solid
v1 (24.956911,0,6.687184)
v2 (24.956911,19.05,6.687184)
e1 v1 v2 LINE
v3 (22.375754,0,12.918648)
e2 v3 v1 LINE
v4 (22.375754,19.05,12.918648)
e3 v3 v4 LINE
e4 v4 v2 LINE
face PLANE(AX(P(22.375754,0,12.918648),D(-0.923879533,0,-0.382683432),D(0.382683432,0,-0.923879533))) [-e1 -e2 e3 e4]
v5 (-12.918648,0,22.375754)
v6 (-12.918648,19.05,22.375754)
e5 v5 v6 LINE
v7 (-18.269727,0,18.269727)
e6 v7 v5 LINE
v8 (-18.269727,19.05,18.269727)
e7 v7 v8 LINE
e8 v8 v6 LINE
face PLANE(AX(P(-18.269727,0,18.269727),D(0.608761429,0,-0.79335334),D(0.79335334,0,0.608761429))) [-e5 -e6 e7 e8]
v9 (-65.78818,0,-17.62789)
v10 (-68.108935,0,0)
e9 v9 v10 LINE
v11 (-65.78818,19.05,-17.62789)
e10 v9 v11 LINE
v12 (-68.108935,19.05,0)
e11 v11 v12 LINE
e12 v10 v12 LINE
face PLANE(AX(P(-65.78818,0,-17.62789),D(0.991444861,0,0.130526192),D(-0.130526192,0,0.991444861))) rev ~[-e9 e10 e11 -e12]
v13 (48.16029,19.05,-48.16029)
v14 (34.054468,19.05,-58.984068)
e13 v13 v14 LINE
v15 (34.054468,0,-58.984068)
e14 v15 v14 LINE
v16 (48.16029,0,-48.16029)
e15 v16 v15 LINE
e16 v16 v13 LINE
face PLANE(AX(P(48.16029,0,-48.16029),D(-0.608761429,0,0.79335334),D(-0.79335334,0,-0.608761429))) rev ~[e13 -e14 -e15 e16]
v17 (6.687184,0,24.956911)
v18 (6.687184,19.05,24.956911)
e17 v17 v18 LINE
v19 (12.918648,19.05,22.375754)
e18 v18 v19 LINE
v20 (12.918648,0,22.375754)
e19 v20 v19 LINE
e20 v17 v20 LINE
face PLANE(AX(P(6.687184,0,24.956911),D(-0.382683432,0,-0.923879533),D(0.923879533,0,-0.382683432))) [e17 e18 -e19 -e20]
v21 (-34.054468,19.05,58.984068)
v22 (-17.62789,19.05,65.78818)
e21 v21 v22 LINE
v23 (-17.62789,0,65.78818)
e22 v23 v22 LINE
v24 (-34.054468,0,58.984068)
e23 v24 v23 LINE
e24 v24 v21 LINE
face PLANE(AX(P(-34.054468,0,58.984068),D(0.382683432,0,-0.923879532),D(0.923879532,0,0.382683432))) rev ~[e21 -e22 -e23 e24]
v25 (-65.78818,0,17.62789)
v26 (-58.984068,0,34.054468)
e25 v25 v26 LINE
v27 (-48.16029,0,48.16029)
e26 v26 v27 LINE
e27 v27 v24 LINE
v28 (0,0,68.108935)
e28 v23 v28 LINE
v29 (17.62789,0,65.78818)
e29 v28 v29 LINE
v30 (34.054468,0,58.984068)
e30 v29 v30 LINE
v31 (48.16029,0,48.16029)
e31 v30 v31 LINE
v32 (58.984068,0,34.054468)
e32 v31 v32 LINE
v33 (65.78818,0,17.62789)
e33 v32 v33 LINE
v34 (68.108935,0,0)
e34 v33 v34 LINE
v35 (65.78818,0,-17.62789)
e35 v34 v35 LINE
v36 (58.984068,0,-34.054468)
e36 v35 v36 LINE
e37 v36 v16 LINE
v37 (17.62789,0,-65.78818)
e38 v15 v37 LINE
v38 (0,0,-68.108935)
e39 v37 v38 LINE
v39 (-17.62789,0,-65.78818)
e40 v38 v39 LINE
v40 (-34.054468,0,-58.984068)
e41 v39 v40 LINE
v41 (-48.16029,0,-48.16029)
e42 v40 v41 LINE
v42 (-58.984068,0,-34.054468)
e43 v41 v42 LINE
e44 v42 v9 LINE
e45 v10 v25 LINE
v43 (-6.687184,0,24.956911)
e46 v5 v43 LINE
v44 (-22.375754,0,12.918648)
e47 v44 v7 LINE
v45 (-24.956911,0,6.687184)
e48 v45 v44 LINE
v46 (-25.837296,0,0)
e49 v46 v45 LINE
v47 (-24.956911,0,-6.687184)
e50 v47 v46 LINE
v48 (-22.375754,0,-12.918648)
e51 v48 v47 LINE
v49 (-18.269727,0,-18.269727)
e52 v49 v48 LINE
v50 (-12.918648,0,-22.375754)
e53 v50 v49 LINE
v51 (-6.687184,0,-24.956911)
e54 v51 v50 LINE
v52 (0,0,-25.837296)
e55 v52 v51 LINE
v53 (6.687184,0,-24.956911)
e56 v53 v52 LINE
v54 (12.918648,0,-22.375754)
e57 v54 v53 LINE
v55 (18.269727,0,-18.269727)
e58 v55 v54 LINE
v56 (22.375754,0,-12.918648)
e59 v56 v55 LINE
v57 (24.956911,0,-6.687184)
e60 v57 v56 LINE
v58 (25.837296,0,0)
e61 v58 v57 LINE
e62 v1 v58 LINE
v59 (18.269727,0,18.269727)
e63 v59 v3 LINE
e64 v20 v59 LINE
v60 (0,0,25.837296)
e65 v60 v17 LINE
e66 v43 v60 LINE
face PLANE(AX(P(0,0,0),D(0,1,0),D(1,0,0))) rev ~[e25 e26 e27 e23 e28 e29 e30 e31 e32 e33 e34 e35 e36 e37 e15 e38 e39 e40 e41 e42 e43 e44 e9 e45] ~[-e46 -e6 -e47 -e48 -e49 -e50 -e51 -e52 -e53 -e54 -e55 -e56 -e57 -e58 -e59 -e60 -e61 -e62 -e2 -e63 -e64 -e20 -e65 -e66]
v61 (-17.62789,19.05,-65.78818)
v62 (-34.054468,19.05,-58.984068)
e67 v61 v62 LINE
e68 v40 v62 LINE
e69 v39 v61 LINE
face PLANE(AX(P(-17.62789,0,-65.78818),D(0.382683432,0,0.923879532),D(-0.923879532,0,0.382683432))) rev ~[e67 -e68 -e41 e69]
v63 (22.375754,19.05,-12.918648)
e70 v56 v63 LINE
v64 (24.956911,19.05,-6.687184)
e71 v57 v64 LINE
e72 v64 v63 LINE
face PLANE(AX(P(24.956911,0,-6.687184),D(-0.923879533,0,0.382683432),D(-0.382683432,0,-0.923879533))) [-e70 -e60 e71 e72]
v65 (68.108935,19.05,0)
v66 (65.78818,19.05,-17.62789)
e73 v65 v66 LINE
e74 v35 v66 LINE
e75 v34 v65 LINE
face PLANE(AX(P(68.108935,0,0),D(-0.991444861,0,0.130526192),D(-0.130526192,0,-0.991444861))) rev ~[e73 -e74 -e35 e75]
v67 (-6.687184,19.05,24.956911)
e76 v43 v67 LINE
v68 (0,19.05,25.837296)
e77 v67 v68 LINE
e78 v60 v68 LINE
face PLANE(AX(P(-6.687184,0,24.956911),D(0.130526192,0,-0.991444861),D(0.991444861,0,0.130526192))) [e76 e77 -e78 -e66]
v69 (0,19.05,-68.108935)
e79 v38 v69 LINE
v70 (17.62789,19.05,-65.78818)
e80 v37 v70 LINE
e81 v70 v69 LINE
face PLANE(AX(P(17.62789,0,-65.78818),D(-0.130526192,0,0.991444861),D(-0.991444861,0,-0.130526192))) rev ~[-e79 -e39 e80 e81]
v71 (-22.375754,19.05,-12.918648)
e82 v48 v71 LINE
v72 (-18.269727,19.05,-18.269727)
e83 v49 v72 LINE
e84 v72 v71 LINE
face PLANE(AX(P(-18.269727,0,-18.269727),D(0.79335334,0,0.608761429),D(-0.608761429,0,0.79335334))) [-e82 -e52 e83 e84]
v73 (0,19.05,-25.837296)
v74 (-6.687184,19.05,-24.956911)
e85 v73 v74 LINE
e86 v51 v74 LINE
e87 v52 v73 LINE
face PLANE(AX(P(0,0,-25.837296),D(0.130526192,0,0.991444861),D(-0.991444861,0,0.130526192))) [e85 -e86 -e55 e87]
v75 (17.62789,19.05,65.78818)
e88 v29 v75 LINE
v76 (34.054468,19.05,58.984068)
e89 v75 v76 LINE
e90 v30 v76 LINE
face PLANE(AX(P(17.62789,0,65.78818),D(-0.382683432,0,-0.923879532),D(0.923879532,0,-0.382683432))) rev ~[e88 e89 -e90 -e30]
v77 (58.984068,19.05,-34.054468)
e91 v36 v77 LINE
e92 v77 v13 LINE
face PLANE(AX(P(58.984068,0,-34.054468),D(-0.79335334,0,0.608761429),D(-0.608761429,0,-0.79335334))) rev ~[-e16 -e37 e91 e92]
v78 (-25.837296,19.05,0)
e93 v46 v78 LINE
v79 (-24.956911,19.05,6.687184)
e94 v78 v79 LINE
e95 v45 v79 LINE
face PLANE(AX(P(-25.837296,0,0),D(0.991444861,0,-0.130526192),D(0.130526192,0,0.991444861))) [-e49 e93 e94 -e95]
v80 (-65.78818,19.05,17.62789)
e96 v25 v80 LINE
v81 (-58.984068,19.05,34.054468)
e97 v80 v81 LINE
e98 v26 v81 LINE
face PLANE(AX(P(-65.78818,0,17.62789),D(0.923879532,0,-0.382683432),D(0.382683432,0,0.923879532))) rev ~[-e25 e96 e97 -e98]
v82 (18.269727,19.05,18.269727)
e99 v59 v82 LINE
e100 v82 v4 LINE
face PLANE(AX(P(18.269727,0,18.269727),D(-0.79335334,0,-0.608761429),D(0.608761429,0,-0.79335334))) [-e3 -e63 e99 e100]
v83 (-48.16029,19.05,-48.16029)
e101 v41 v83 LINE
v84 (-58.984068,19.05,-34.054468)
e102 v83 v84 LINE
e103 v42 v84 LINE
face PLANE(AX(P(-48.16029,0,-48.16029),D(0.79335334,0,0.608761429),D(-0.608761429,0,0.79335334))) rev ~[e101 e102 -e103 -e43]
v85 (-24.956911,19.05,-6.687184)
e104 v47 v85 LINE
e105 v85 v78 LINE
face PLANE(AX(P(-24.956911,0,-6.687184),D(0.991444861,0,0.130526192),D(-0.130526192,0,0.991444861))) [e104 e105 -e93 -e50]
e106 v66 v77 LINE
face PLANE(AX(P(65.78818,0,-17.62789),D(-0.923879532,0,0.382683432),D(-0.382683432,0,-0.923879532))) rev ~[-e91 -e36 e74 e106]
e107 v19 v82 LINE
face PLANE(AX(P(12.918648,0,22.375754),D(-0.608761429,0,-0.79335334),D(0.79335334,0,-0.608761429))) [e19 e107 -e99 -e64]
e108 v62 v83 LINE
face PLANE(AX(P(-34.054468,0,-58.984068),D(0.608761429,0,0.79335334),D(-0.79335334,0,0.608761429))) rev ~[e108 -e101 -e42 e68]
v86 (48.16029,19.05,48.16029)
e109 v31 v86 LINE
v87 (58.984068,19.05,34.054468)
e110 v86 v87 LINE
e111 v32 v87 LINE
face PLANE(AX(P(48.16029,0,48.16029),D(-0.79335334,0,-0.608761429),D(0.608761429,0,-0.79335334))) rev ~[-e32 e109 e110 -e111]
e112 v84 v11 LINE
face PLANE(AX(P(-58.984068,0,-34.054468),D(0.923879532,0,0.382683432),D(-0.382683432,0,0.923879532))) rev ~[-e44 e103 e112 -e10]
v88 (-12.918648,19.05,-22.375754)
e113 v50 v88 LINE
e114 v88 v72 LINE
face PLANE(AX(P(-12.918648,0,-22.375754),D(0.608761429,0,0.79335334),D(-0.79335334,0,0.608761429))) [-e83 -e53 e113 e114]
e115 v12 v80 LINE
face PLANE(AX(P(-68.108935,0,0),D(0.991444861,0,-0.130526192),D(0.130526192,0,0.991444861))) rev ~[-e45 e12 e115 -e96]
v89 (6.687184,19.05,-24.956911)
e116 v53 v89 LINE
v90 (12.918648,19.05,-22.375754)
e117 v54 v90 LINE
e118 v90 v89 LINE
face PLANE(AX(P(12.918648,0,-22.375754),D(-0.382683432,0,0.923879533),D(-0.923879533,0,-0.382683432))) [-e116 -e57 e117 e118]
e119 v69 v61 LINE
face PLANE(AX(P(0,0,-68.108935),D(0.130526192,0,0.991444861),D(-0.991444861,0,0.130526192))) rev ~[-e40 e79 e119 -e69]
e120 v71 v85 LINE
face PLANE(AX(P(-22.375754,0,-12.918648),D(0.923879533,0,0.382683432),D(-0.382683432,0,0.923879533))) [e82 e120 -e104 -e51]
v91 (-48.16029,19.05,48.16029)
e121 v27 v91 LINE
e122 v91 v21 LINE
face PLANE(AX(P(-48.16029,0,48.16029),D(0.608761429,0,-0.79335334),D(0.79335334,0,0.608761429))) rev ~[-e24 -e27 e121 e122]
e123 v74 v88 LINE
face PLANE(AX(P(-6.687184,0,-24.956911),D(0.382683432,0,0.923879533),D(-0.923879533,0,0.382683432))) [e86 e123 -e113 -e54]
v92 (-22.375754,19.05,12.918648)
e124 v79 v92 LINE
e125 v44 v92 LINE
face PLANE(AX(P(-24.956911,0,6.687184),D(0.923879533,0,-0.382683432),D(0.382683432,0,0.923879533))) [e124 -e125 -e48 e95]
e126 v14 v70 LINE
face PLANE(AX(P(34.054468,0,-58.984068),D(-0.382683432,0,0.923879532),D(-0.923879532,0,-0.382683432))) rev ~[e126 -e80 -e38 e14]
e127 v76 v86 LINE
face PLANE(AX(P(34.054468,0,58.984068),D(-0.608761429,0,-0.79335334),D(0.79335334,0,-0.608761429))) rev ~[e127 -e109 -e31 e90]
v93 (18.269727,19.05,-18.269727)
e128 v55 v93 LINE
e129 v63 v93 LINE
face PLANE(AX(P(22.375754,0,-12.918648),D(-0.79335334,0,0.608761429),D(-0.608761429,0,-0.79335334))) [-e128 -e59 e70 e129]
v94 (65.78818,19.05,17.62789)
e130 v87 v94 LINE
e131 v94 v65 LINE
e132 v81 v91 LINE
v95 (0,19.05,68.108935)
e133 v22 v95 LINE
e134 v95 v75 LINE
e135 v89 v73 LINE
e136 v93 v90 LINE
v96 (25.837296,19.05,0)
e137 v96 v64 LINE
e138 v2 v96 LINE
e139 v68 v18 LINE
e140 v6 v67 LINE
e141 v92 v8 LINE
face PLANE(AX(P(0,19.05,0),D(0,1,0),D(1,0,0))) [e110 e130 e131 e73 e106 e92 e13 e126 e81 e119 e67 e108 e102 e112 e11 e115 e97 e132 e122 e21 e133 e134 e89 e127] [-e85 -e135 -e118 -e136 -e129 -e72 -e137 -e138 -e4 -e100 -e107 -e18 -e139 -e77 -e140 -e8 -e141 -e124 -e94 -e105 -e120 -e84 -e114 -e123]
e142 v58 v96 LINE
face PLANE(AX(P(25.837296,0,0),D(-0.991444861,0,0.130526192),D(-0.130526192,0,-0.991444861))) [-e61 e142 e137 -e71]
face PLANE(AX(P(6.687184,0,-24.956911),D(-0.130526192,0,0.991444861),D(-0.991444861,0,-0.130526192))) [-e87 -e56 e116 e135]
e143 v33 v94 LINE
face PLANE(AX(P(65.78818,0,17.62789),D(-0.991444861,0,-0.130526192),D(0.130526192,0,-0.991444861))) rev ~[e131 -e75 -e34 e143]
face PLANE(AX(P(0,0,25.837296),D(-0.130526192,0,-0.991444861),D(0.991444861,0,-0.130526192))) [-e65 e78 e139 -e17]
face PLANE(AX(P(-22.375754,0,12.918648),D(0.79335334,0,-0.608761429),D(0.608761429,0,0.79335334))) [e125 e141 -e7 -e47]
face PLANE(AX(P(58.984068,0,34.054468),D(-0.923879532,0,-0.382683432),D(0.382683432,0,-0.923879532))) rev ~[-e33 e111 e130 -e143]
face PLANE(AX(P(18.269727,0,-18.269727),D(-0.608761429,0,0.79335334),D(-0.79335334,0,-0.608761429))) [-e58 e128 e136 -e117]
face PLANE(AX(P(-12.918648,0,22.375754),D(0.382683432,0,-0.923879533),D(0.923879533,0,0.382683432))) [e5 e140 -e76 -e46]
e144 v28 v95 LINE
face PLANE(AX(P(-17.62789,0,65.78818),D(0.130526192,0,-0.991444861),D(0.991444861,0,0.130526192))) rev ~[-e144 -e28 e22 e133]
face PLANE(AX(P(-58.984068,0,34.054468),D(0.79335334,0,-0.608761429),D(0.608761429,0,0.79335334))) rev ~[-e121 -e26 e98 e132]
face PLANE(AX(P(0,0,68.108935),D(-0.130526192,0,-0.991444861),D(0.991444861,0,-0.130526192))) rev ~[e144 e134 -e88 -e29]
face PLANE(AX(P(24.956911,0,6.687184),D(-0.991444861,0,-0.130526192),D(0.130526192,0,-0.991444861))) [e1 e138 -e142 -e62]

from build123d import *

# Parameters (mm, degrees)
BOSS_EXTRUDE3_DEPTH = 19.05


with BuildPart() as part:
    # Sketch3 → Boss-Extrude3 (new body)
    with BuildSketch(Plane(origin=(0, 0, 0), x_dir=(1, 0, 0), z_dir=(0, 1, 0))):
        Polygon((-68.108935447, 0), (-65.788179749, -17.627889635), (-58.984068321, -34.054467723), (-48.160290114, -48.160290114), (-34.054467723, -58.984068321), (-17.627889635, -65.788179749), (0, -68.108935447), (17.627889635, -65.788179749), (34.054467723, -58.984068321), (48.160290114, -48.160290114), (58.984068321, -34.054467723), (65.788179749, -17.627889635), (68.108935447, 0), (65.788179749, 17.627889635), (58.984068321, 34.054467723), (48.160290114, 48.160290114), (34.054467723, 58.984068321), (17.627889635, 65.788179749), (0, 68.108935447), (-17.627889635, 65.788179749), (-34.054467723, 58.984068321), (-48.160290114, 48.160290114), (-58.984068321, 34.054467723), (-65.788179749, 17.627889635), align=None)
        Polygon((-25.837295709, 0), (-24.956911206, -6.687184203), (-22.375754449, -12.918647854), (-18.269727003, -18.269727003), (-12.918647854, -22.375754449), (-6.687184203, -24.956911206), (0, -25.837295709), (6.687184203, -24.956911206), (12.918647854, -22.375754449), (18.269727003, -18.269727003), (22.375754449, -12.918647854), (24.956911206, -6.687184203), (25.837295709, 0), (24.956911206, 6.687184203), (22.375754449, 12.918647854), (18.269727003, 18.269727003), (12.918647854, 22.375754449), (6.687184203, 24.956911206), (0, 25.837295709), (-6.687184203, 24.956911206), (-12.918647854, 22.375754449), (-18.269727003, 18.269727003), (-22.375754449, 12.918647854), (-24.956911206, 6.687184203), align=None, mode=Mode.SUBTRACT)
    extrude(amount=BOSS_EXTRUDE3_DEPTH)


solid = part.part
